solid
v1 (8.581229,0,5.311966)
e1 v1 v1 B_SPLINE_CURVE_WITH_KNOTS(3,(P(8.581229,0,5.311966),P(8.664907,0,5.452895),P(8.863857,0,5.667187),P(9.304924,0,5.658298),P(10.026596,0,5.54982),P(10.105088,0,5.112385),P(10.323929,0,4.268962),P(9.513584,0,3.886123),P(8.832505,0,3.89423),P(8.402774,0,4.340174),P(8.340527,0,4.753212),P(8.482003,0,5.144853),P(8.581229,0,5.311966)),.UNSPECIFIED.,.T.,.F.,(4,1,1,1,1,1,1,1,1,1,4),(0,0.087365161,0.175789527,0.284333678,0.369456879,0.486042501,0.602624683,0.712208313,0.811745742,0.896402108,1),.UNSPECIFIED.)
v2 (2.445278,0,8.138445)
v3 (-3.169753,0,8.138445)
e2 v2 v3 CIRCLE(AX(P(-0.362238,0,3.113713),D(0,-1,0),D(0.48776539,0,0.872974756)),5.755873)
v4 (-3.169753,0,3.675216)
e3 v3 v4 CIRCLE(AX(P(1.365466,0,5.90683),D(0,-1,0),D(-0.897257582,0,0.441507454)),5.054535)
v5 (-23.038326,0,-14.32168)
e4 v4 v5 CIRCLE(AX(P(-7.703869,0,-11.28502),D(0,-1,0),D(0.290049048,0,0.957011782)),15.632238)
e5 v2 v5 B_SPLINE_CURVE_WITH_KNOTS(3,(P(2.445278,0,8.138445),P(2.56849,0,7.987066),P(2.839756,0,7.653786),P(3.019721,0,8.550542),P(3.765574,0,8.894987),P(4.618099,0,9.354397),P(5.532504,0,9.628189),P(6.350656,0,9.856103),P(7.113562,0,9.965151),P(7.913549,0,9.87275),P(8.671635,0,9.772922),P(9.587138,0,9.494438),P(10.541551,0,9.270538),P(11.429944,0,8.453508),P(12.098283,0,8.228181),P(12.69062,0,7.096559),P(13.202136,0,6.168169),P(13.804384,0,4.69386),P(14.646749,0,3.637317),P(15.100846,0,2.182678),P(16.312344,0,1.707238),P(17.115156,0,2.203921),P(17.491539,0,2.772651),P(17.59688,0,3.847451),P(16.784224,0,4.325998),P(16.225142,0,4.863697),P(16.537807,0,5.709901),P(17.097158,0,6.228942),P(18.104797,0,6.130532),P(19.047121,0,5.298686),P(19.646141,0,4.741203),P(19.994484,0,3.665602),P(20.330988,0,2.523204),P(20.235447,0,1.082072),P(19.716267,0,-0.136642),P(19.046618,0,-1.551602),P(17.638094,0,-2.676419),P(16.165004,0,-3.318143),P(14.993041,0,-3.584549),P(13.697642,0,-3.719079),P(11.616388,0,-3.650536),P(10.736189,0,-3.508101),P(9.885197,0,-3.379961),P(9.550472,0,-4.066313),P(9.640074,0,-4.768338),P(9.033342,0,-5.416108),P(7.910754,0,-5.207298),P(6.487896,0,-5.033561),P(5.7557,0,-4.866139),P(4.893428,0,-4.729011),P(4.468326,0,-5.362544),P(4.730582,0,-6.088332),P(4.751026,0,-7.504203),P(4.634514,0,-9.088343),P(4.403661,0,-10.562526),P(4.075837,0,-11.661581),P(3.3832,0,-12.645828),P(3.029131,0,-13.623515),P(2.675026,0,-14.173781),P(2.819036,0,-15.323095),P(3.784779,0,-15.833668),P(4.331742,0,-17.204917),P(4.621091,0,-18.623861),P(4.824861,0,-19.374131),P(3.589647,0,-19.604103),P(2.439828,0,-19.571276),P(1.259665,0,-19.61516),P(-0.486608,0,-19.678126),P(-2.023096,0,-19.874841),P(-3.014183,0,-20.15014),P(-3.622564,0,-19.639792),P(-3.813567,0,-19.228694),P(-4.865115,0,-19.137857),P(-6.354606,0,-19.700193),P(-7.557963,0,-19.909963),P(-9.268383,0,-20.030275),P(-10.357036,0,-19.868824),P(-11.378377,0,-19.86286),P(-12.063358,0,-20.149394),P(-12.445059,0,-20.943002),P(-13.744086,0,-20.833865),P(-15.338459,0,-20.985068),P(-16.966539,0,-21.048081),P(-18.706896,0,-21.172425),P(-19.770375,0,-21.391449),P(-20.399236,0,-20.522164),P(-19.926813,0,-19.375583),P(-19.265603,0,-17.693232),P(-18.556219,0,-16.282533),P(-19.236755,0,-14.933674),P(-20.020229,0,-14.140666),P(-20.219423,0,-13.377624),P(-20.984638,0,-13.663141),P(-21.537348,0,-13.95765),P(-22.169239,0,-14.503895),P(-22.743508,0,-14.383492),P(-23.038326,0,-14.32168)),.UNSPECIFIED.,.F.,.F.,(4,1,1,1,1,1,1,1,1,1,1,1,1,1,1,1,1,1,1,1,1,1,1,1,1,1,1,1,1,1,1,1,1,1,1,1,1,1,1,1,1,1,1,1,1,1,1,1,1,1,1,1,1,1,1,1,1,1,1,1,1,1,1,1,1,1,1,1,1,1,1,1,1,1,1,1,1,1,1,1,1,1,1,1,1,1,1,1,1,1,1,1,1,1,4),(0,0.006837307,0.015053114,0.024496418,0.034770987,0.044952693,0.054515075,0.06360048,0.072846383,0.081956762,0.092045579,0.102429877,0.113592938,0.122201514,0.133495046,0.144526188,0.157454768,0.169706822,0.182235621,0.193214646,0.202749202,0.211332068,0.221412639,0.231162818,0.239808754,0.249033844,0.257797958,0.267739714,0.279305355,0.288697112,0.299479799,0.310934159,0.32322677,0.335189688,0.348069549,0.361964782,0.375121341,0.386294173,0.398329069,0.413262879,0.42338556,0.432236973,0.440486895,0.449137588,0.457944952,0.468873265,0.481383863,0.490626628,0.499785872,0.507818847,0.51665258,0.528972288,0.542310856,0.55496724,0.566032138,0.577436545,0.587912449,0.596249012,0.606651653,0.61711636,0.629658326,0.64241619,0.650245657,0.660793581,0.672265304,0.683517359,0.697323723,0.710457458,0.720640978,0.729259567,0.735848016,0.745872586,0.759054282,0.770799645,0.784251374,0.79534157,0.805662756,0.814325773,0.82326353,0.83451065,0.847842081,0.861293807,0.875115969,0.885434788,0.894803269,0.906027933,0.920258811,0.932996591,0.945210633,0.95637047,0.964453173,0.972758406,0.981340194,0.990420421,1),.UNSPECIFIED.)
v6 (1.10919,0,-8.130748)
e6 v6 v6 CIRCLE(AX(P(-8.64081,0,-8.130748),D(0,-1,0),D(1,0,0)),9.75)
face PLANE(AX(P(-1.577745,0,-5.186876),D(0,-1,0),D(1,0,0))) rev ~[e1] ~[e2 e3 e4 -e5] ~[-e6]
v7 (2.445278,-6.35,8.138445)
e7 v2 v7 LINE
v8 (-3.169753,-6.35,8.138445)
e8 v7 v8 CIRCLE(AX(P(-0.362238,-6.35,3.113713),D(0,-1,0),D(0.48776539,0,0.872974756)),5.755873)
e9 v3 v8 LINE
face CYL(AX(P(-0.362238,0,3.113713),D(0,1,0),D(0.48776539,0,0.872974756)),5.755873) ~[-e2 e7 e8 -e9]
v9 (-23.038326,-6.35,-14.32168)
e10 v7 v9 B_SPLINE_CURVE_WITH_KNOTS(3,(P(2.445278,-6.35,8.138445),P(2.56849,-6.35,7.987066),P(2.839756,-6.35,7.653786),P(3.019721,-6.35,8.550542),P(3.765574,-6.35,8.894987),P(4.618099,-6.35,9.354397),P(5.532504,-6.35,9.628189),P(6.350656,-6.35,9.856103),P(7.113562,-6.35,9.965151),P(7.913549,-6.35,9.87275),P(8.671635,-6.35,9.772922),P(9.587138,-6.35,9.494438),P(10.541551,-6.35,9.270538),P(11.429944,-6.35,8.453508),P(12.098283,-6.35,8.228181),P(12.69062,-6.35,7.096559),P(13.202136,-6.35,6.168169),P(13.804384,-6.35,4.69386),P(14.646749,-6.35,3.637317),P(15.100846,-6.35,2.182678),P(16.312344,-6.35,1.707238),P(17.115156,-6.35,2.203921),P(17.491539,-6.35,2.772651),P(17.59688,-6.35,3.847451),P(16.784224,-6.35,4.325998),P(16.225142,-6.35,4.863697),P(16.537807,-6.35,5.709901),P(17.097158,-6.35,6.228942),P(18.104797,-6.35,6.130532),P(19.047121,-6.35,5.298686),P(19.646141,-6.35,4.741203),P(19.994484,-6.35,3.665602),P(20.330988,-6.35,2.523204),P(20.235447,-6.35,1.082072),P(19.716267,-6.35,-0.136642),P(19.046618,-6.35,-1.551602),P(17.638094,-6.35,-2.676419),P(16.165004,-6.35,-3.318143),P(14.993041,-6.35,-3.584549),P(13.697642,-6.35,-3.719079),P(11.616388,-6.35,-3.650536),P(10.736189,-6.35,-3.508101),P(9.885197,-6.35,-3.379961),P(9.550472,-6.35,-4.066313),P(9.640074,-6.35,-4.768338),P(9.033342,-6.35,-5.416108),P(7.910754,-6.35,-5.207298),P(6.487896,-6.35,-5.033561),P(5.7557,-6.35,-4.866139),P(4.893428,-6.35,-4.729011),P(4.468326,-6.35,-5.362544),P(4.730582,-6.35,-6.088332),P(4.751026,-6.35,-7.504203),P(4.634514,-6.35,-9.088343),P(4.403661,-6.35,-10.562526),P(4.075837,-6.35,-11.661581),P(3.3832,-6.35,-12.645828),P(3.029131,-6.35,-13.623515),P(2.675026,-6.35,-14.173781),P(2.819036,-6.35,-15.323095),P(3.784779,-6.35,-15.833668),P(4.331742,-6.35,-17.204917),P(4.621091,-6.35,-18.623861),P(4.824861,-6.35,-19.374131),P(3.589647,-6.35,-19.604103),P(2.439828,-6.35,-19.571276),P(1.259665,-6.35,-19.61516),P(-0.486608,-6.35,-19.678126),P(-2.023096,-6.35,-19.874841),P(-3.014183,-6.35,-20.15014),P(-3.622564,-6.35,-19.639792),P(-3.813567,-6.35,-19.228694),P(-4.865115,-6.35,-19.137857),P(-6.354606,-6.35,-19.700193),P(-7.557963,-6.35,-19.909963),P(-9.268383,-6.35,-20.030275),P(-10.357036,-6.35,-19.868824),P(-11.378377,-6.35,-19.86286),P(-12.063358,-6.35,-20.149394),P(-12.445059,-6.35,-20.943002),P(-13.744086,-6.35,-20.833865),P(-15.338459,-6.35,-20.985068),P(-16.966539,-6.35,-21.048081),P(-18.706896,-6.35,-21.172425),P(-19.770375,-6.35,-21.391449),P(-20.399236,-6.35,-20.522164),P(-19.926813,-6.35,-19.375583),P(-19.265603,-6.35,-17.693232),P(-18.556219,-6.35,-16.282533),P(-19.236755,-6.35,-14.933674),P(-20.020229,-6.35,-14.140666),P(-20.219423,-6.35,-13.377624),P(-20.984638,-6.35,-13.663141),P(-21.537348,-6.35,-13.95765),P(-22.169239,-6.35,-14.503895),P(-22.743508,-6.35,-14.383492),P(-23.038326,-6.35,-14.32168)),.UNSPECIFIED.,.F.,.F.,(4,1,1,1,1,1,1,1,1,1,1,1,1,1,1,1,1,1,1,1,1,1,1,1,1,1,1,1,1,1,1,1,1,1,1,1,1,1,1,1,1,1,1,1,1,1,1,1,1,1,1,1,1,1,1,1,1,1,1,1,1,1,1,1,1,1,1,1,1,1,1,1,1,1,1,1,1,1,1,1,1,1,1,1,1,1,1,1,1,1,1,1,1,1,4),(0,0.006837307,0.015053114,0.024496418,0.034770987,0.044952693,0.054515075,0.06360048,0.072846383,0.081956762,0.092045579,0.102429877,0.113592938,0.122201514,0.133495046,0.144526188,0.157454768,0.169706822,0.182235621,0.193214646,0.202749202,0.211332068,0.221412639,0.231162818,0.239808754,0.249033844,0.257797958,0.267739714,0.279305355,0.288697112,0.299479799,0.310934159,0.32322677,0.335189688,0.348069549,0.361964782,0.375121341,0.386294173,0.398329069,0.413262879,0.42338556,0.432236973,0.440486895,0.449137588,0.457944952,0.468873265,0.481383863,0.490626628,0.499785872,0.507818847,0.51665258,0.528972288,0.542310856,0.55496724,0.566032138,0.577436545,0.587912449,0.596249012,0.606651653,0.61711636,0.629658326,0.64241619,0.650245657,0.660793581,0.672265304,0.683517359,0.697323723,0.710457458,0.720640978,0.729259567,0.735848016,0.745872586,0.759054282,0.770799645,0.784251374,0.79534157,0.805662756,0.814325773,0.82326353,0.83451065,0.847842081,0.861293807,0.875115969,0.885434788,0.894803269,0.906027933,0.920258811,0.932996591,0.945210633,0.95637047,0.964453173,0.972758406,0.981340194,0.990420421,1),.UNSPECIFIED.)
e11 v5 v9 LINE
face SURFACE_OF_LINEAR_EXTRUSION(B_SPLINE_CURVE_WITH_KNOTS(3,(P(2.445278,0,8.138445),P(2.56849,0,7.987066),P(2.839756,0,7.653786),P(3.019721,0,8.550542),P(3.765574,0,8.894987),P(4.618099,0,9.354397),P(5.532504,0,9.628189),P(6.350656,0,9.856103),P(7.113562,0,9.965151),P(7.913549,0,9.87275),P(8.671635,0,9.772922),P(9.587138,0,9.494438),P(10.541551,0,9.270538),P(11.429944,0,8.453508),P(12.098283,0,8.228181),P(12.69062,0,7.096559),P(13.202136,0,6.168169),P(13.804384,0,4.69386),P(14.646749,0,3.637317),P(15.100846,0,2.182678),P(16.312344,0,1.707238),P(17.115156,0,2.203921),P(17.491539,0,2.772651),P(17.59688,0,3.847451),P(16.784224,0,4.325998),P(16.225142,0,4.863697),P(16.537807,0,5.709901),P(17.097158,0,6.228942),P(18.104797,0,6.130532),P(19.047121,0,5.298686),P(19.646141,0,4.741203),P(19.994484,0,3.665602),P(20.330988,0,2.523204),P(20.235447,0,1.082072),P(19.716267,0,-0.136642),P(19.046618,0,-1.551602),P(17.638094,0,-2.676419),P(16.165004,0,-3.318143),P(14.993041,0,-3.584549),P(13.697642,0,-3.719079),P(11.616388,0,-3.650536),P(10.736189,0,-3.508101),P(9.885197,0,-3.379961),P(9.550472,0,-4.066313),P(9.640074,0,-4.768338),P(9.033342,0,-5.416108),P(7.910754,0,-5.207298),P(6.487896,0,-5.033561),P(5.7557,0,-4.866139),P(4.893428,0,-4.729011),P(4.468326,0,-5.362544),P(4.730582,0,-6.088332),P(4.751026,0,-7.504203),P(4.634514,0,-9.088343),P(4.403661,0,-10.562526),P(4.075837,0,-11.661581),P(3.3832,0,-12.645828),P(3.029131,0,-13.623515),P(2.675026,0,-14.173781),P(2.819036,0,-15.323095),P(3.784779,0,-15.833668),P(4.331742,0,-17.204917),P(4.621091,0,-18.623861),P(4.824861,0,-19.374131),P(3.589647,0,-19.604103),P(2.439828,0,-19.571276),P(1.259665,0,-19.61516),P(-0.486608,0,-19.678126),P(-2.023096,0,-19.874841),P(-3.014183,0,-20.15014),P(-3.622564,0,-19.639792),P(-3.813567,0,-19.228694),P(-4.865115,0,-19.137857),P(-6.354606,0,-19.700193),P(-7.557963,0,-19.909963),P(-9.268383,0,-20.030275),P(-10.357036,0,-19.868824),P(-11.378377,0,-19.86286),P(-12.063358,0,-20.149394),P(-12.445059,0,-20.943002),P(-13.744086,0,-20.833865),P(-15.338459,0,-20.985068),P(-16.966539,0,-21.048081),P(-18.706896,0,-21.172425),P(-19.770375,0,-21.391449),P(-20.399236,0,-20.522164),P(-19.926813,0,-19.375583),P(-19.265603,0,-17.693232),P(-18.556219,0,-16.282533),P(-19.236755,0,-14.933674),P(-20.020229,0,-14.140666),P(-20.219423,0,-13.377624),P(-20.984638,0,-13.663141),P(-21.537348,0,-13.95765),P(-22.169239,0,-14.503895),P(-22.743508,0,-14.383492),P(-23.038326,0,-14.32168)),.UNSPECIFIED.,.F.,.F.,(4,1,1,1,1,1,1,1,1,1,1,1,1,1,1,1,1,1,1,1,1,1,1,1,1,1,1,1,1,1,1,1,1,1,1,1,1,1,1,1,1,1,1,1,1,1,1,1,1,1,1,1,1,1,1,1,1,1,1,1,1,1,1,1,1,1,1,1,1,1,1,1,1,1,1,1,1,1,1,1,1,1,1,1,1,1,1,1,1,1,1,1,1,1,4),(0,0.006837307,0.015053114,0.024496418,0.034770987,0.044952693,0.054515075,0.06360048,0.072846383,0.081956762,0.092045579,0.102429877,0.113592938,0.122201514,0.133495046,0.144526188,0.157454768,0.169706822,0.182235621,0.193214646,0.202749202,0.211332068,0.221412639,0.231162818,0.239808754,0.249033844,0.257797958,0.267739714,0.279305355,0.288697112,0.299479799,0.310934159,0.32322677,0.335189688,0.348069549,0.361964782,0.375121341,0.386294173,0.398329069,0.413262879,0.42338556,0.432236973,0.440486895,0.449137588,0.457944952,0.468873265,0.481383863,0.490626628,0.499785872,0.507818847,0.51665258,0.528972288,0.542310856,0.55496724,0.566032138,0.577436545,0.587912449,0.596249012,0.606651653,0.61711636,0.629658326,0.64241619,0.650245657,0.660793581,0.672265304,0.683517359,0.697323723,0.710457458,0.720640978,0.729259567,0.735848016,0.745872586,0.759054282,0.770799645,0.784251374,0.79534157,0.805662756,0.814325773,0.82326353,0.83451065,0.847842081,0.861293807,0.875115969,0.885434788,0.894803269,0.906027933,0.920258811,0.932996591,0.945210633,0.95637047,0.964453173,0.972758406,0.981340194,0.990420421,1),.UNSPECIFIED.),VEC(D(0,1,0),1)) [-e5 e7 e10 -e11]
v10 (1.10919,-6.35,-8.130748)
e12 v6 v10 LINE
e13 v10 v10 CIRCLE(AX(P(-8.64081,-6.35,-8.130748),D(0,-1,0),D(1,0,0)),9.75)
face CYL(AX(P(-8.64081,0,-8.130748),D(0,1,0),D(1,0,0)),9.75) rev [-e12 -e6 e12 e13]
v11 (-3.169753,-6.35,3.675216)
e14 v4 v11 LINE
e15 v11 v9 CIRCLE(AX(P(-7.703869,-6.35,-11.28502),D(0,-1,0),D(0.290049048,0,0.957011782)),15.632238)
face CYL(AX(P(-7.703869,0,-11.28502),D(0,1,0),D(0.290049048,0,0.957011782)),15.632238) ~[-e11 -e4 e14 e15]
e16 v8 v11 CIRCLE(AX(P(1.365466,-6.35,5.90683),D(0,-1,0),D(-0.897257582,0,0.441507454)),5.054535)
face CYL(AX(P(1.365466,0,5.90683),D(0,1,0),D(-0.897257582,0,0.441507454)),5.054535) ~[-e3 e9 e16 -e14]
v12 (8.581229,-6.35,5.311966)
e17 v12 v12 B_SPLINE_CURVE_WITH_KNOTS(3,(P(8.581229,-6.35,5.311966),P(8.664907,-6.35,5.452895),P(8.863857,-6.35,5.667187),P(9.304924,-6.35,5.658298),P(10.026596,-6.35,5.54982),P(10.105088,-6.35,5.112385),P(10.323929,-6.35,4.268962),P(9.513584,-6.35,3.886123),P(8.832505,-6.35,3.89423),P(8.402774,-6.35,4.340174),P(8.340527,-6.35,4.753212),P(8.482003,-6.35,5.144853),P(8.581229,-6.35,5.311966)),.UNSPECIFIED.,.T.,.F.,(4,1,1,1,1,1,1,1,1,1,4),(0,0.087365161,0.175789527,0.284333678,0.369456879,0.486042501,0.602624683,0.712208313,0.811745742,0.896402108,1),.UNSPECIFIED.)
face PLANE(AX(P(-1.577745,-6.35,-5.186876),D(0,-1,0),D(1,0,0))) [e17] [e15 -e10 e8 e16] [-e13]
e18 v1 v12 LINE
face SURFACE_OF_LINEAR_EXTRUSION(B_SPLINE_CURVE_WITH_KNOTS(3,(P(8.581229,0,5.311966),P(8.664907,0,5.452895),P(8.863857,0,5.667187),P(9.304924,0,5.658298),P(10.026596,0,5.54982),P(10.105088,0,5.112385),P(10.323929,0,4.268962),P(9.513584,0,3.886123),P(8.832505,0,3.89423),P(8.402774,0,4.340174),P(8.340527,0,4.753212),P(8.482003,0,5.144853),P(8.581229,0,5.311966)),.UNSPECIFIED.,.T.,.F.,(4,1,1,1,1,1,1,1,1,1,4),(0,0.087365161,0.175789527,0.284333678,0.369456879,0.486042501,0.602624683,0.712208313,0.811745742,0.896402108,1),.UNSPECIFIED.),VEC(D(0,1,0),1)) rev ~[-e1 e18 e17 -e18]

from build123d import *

# Parameters (mm, degrees)
F0_R     = 9.75
F1_DEPTH = 6.35


with BuildPart() as f1:
    # F0 (on Front) → F1 (new body)
    with BuildSketch(Plane.XZ):
        with BuildLine():
            ThreePointArc((-3.1697533292, 8.1384450586), (-3.6890684551, 5.9068302809), (-3.1697533292, 3.6752155032))
            ThreePointArc((-3.1697533292, 3.6752155032), (-18.1983390338, 0.3008746371), (-23.0383258459, -14.3216795933))
            add(Edge.make_bspline(
                [(2.4452780534, 8.1384450586), (2.5684903304, 7.9870655001), (2.8397562516, 7.653786087), (3.0197213416, 8.5505424972), (3.7655742436, 8.8949874463), (4.618098754, 9.3543974224), (5.5325039166, 9.6281891314), (6.3506558342, 9.856102724), (7.1135618384, 9.9651510289), (7.9135488319, 9.8727496412), (8.6716347154, 9.7729218338), (9.5871375594, 9.4944378325), (10.5415512712, 9.2705376511), (11.4299442854, 8.4535082307), (12.0982830744, 8.2281809431), (12.690619804, 7.096558771), (13.2021362263, 6.1681691684), (13.8043839537, 4.6938599096), (14.646748986, 3.6373172571), (15.1008459854, 2.1826775631), (16.3123443847, 1.7072375939), (17.1151556329, 2.2039207431), (17.4915393957, 2.7726511362), (17.5968800087, 3.847451348), (16.7842237057, 4.325997569), (16.2251421606, 4.8636970842), (16.5378073723, 5.7099014917), (17.0971580834, 6.2289421942), (18.104796534, 6.1305320528), (19.0471211802, 5.2986862405), (19.646141447, 4.7412031778), (19.9944843812, 3.6656017675), (20.3309881754, 2.5232038574), (20.2354467254, 1.0820721869), (19.7162670421, -0.1366418014), (19.0466177907, -1.5516022011), (17.6380941843, -2.6764190683), (16.1650042243, -3.3181429299), (14.9930408223, -3.5845487404), (13.6976417389, -3.7190794749), (11.6163883051, -3.6505357039), (10.7361893937, -3.5081014097), (9.8851966391, -3.3799611449), (9.5504717527, -4.0663130092), (9.6400738543, -4.7683376401), (9.0333422751, -5.4161082464), (7.9107536698, -5.2072975311), (6.487895522, -5.0335613798), (5.7556997703, -4.8661392385), (4.8934278706, -4.7290113567), (4.4683264018, -5.3625444479), (4.730582001, -6.0883324172), (4.7510258365, -7.5042029888), (4.6345141328, -9.088343012), (4.4036612773, -10.5625256581), (4.0758368281, -11.6615809059), (3.383199746, -12.6458279541), (3.0291307089, -13.6235152802), (2.6750264774, -14.1737814458), (2.8190363262, -15.3230948024), (3.7847786526, -15.8336675603), (4.3317419369, -17.2049174474), (4.6210909136, -18.6238607741), (4.8248610554, -19.3741309778), (3.5896474291, -19.6041033405), (2.4398279133, -19.571276276), (1.2596646219, -19.6151604363), (-0.4866075439, -19.6781263601), (-2.0230964334, -19.8748411533), (-3.0141828814, -20.1501401071), (-3.6225636614, -19.6397924214), (-3.8135671125, -19.2286943084), (-4.8651151354, -19.1378574204), (-6.3546062292, -19.7001933238), (-7.557962684, -19.909962818), (-9.268383458, -20.0302754255), (-10.3570362979, -19.8688243285), (-11.3783771061, -19.862860423), (-12.063358023, -20.1493940985), (-12.4450585808, -20.9430016432), (-13.7440858946, -20.8338646073), (-15.3384592845, -20.9850680129), (-16.9665388036, -21.0480813652), (-18.7068956009, -21.1724250165), (-19.7703745189, -21.3914489965), (-20.3992358634, -20.5221642868), (-19.9268128262, -19.3755826651), (-19.2656032505, -17.6932319287), (-18.5562188779, -16.2825330531), (-19.2367551965, -14.9336736623), (-20.0202294949, -14.1406661548), (-20.2194227484, -13.377624045), (-20.9846376741, -13.6631410333), (-21.5373478097, -13.9576495502), (-22.1692391341, -14.5038952011), (-22.7435076467, -14.3834921566), (-23.0383258459, -14.3216795933)],
                knots=[0, 0, 0, 0, 0.0068373074, 0.0150531144, 0.0244964179, 0.0347709868, 0.0449526928, 0.0545150751, 0.0636004804, 0.072846383, 0.0819567622, 0.0920455791, 0.1024298768, 0.1135929375, 0.1222015143, 0.1334950465, 0.1445261882, 0.157454768, 0.1697068216, 0.1822356214, 0.1932146457, 0.2027492023, 0.2113320678, 0.2214126391, 0.2311628183, 0.239808754, 0.2490338437, 0.2577979582, 0.2677397143, 0.279305355, 0.2886971123, 0.2994797987, 0.3109341586, 0.3232267695, 0.3351896877, 0.3480695493, 0.3619647816, 0.3751213413, 0.3862941731, 0.3983290692, 0.4132628787, 0.42338556, 0.4322369726, 0.440486895, 0.4491375879, 0.4579449517, 0.4688732654, 0.4813838629, 0.4906266275, 0.4997858722, 0.5078188474, 0.5166525801, 0.5289722878, 0.5423108555, 0.55496724, 0.5660321375, 0.5774365454, 0.5879124495, 0.5962490118, 0.6066516534, 0.6171163604, 0.6296583257, 0.6424161896, 0.6502456568, 0.660793581, 0.6722653043, 0.6835173587, 0.6973237229, 0.7104574577, 0.7206409783, 0.7292595669, 0.7358480155, 0.7458725862, 0.7590542819, 0.7707996452, 0.7842513743, 0.7953415705, 0.8056627559, 0.814325773, 0.8232635304, 0.8345106499, 0.847842081, 0.8612938066, 0.8751159686, 0.8854347882, 0.8948032692, 0.9060279331, 0.9202588115, 0.932996591, 0.9452106325, 0.9563704702, 0.9644531733, 0.972758406, 0.9813401944, 0.9904204215, 1, 1, 1, 1], degree=3))
            ThreePointArc((2.4452780534, 8.1384450586), (-0.3622376379, 8.869586246), (-3.1697533292, 8.1384450586))
        make_face()
        with Locations((-8.6408095931, -8.1307477363)):
            Circle(F0_R, mode=Mode.SUBTRACT)
        with BuildLine():
            add(Edge.make_bspline(
                [(8.5812290582, 5.311966115), (8.6649071223, 5.4528945932), (8.8638572963, 5.6671872823), (9.3049243558, 5.6582977479), (10.0265955729, 5.5498200473), (10.1050878954, 5.1123851715), (10.3239286646, 4.2689624048), (9.5135842582, 3.8861232033), (8.8325048729, 3.8942304443), (8.4027738734, 4.3401741857), (8.3405265345, 4.7532117016), (8.4820033376, 5.1448526671), (8.5812290582, 5.311966115)],
                knots=[0, 0, 0, 0, 0.0873651609, 0.1757895272, 0.2843336783, 0.3694568792, 0.4860425007, 0.6026246835, 0.7122083125, 0.8117457415, 0.8964021079, 1, 1, 1, 1], degree=3))
        make_face(mode=Mode.SUBTRACT)
    extrude(amount=F1_DEPTH)


solid = f1.part
